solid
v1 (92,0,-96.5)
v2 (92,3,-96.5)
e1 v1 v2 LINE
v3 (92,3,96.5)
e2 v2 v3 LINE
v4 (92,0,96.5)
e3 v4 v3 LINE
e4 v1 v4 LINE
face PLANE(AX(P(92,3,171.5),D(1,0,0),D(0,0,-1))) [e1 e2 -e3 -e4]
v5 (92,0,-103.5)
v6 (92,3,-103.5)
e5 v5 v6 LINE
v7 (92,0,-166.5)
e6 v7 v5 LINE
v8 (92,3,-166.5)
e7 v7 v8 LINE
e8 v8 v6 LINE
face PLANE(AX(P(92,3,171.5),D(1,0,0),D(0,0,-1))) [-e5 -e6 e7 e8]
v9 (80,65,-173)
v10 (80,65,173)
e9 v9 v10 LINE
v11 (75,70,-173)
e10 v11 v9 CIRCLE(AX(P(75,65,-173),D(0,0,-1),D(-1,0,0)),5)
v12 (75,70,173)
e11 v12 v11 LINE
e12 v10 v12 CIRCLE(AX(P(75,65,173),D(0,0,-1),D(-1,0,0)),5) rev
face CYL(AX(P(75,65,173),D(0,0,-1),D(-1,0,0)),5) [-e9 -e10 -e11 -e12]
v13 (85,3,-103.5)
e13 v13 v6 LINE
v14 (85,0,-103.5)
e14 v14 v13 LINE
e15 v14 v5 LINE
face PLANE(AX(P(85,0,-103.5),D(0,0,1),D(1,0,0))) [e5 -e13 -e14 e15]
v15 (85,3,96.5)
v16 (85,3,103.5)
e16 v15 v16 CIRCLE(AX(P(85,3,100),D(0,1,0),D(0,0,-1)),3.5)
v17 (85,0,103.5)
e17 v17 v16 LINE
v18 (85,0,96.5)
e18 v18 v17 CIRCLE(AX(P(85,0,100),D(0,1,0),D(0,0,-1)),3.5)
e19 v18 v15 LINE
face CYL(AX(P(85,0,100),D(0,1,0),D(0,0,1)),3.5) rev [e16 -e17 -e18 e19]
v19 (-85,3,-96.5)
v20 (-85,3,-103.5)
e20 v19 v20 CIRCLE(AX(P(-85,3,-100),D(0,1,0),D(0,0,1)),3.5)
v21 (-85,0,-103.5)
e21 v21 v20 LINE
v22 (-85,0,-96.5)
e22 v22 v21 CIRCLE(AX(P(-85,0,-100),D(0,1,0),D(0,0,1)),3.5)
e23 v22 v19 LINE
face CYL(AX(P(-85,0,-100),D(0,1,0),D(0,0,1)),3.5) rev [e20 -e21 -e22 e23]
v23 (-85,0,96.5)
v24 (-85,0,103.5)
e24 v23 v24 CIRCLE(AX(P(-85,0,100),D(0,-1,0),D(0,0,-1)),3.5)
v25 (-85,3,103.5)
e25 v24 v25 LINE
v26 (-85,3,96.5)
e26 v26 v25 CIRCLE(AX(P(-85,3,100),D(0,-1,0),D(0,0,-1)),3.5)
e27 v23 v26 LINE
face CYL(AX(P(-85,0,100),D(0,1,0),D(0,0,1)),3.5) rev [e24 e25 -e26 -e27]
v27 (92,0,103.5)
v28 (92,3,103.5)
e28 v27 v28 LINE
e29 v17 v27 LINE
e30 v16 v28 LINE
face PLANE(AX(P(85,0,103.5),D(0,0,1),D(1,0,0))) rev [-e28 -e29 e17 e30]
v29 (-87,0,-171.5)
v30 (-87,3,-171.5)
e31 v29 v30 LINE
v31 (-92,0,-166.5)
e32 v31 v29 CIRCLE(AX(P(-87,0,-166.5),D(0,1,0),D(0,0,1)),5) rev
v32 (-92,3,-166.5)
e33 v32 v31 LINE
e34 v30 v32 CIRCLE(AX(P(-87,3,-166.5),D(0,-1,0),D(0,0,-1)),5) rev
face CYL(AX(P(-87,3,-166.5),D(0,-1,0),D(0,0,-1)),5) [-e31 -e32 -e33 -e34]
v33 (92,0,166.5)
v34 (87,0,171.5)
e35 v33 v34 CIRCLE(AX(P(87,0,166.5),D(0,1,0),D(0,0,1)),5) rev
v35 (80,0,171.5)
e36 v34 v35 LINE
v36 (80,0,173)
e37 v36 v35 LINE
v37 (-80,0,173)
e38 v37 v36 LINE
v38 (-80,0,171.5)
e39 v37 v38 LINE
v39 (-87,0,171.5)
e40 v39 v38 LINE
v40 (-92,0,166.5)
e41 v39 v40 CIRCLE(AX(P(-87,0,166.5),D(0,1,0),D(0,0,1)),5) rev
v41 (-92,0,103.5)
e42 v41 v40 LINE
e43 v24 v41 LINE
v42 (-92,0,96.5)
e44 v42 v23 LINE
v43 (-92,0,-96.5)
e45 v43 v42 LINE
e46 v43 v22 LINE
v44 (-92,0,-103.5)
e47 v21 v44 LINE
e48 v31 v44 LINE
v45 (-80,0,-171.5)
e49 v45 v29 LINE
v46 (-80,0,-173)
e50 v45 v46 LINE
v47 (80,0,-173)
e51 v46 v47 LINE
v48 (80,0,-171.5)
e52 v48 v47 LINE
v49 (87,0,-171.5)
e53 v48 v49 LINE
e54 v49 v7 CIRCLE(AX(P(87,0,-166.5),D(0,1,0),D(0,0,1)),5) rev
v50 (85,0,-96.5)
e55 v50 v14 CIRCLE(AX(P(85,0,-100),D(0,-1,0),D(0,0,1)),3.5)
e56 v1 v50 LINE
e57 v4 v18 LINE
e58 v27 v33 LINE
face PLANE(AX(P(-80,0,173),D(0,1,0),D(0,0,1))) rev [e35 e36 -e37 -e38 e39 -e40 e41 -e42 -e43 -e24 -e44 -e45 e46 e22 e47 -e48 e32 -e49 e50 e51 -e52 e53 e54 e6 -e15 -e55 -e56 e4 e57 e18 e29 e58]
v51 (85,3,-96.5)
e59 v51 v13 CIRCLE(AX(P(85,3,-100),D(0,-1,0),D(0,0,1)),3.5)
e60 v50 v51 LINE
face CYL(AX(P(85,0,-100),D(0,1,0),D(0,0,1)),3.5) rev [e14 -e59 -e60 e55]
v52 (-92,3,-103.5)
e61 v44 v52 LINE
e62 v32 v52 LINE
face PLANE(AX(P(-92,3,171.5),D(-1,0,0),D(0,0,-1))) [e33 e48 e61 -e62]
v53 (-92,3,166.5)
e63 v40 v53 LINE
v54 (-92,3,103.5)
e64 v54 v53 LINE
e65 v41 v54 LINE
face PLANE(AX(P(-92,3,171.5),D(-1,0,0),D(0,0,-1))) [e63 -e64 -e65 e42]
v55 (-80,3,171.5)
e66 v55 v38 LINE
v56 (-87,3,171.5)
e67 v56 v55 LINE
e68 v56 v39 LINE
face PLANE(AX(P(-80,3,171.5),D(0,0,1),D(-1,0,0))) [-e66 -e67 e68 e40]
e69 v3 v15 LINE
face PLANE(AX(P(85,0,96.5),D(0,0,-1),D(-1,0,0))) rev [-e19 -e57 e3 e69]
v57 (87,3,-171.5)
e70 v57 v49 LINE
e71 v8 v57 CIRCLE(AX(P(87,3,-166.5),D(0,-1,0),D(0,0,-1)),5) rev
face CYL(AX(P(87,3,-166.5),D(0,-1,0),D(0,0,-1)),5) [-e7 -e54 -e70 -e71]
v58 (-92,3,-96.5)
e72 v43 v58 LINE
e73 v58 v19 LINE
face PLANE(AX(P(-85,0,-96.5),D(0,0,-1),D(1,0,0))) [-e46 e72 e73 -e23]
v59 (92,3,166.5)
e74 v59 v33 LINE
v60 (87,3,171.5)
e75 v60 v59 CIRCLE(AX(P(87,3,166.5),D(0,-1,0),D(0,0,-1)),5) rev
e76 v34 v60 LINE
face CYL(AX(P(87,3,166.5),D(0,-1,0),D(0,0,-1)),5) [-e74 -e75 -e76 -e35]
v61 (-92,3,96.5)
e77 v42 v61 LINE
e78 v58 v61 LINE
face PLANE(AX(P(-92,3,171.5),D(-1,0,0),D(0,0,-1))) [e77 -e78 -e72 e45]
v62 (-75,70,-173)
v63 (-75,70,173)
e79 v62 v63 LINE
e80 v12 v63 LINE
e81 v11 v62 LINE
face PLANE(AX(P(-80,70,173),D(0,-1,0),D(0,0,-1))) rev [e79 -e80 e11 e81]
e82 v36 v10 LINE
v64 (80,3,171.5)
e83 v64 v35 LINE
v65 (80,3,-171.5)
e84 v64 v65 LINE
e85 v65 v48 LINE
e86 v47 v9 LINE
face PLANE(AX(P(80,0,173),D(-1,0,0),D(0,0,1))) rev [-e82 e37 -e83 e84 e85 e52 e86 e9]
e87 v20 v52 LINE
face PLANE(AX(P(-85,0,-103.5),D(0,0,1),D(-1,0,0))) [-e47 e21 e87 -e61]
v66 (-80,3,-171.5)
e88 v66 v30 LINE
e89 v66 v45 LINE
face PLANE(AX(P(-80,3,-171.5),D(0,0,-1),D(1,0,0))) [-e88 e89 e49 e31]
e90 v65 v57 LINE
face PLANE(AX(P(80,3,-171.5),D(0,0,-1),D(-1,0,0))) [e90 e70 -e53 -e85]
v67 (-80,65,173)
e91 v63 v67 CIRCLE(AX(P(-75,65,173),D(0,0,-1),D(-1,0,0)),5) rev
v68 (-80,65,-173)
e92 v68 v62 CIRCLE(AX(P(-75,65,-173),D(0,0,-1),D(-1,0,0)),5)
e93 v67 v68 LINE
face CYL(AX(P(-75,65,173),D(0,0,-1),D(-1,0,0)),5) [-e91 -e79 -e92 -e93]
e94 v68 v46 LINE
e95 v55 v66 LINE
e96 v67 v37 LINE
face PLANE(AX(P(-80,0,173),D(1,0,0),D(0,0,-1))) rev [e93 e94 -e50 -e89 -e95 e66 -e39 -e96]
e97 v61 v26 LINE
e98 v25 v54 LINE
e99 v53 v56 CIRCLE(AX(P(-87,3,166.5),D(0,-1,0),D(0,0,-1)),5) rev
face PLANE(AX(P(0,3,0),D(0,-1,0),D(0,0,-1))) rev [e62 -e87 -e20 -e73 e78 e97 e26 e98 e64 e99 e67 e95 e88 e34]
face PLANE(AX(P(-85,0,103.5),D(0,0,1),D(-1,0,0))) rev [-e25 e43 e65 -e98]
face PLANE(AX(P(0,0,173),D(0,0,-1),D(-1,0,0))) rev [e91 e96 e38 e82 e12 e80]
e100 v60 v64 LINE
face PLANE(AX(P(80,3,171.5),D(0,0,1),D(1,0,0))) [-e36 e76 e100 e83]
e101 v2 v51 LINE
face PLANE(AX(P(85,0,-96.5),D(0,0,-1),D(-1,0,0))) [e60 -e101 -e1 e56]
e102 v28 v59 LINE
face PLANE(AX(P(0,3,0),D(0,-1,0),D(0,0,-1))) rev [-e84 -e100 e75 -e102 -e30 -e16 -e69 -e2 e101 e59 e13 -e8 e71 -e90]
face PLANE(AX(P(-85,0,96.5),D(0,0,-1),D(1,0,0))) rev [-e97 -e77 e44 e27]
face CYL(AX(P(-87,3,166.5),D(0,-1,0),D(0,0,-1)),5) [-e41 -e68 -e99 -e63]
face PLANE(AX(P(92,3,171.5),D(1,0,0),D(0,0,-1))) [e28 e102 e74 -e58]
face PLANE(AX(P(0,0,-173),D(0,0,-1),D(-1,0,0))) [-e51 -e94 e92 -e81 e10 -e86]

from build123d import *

# Parameters (mm, degrees)
CROQUIS1_W              = 160
CROQUIS1_H              = 70
SALIENTE_EXTRUIR1_DEPTH = 173
CROQUIS2_W              = 12
CROQUIS2_H              = 343
SALIENTE_EXTRUIR2_DEPTH = 3
CORTAR_EXTRUIR1_DEPTH   = 4
REDONDEO1_R             = 5


with BuildPart() as part:
    # Croquis1 → Saliente-Extruir1 (new body, symmetric)
    with BuildSketch(Plane.XY):
        with Locations((0, 35)):
            Rectangle(CROQUIS1_W, CROQUIS1_H)
    extrude(amount=SALIENTE_EXTRUIR1_DEPTH, both=True)

    # Croquis2 → Saliente-Extruir2 (add)
    with BuildSketch(Plane.XZ):
        with Locations((86, 0)):
            Rectangle(CROQUIS2_W, CROQUIS2_H)
    extrude(amount=-SALIENTE_EXTRUIR2_DEPTH)

    # Croquis3 → Cortar-Extruir1 (cut, through all)
    with BuildSketch(Plane(origin=(0, 3, 0), x_dir=(1, 0, 0), z_dir=(0, 1, 0))):
        with BuildLine():
            Line((85, -103.5), (92, -103.5))
            Line((92, -103.5), (92, -96.5))
            Line((92, -96.5), (85, -96.5))
            ThreePointArc((85, -96.5), (81.5, -100), (85, -103.5))
        make_face()
    cortar_extruir1 = extrude(amount=-CORTAR_EXTRUIR1_DEPTH, mode=Mode.SUBTRACT)

    # Simetría1: Cortar-Extruir1 across plane
    add(cortar_extruir1.mirror(Plane.XY), mode=Mode.SUBTRACT)

    # Simetría5: part across plane


with BuildPart() as part_1:
    add(part.part)
    add(part.part.mirror(Plane(origin=(0, 0, 0), x_dir=(0, 0, 1), z_dir=(1, 0, 0))))

    # Redondeo1
    redondeo1_edges = [part_1.edges().sort_by_distance(p)[0] for p in [
        (92, 1.5, 171.5),
        (92, 1.5, -171.5),
        (-92, 1.5, -171.5),
        (-92, 1.5, 171.5),
        (-80, 70, 0),
        (80, 70, 0),
    ]]
    fillet(redondeo1_edges, radius=REDONDEO1_R)


solid = part_1.part
